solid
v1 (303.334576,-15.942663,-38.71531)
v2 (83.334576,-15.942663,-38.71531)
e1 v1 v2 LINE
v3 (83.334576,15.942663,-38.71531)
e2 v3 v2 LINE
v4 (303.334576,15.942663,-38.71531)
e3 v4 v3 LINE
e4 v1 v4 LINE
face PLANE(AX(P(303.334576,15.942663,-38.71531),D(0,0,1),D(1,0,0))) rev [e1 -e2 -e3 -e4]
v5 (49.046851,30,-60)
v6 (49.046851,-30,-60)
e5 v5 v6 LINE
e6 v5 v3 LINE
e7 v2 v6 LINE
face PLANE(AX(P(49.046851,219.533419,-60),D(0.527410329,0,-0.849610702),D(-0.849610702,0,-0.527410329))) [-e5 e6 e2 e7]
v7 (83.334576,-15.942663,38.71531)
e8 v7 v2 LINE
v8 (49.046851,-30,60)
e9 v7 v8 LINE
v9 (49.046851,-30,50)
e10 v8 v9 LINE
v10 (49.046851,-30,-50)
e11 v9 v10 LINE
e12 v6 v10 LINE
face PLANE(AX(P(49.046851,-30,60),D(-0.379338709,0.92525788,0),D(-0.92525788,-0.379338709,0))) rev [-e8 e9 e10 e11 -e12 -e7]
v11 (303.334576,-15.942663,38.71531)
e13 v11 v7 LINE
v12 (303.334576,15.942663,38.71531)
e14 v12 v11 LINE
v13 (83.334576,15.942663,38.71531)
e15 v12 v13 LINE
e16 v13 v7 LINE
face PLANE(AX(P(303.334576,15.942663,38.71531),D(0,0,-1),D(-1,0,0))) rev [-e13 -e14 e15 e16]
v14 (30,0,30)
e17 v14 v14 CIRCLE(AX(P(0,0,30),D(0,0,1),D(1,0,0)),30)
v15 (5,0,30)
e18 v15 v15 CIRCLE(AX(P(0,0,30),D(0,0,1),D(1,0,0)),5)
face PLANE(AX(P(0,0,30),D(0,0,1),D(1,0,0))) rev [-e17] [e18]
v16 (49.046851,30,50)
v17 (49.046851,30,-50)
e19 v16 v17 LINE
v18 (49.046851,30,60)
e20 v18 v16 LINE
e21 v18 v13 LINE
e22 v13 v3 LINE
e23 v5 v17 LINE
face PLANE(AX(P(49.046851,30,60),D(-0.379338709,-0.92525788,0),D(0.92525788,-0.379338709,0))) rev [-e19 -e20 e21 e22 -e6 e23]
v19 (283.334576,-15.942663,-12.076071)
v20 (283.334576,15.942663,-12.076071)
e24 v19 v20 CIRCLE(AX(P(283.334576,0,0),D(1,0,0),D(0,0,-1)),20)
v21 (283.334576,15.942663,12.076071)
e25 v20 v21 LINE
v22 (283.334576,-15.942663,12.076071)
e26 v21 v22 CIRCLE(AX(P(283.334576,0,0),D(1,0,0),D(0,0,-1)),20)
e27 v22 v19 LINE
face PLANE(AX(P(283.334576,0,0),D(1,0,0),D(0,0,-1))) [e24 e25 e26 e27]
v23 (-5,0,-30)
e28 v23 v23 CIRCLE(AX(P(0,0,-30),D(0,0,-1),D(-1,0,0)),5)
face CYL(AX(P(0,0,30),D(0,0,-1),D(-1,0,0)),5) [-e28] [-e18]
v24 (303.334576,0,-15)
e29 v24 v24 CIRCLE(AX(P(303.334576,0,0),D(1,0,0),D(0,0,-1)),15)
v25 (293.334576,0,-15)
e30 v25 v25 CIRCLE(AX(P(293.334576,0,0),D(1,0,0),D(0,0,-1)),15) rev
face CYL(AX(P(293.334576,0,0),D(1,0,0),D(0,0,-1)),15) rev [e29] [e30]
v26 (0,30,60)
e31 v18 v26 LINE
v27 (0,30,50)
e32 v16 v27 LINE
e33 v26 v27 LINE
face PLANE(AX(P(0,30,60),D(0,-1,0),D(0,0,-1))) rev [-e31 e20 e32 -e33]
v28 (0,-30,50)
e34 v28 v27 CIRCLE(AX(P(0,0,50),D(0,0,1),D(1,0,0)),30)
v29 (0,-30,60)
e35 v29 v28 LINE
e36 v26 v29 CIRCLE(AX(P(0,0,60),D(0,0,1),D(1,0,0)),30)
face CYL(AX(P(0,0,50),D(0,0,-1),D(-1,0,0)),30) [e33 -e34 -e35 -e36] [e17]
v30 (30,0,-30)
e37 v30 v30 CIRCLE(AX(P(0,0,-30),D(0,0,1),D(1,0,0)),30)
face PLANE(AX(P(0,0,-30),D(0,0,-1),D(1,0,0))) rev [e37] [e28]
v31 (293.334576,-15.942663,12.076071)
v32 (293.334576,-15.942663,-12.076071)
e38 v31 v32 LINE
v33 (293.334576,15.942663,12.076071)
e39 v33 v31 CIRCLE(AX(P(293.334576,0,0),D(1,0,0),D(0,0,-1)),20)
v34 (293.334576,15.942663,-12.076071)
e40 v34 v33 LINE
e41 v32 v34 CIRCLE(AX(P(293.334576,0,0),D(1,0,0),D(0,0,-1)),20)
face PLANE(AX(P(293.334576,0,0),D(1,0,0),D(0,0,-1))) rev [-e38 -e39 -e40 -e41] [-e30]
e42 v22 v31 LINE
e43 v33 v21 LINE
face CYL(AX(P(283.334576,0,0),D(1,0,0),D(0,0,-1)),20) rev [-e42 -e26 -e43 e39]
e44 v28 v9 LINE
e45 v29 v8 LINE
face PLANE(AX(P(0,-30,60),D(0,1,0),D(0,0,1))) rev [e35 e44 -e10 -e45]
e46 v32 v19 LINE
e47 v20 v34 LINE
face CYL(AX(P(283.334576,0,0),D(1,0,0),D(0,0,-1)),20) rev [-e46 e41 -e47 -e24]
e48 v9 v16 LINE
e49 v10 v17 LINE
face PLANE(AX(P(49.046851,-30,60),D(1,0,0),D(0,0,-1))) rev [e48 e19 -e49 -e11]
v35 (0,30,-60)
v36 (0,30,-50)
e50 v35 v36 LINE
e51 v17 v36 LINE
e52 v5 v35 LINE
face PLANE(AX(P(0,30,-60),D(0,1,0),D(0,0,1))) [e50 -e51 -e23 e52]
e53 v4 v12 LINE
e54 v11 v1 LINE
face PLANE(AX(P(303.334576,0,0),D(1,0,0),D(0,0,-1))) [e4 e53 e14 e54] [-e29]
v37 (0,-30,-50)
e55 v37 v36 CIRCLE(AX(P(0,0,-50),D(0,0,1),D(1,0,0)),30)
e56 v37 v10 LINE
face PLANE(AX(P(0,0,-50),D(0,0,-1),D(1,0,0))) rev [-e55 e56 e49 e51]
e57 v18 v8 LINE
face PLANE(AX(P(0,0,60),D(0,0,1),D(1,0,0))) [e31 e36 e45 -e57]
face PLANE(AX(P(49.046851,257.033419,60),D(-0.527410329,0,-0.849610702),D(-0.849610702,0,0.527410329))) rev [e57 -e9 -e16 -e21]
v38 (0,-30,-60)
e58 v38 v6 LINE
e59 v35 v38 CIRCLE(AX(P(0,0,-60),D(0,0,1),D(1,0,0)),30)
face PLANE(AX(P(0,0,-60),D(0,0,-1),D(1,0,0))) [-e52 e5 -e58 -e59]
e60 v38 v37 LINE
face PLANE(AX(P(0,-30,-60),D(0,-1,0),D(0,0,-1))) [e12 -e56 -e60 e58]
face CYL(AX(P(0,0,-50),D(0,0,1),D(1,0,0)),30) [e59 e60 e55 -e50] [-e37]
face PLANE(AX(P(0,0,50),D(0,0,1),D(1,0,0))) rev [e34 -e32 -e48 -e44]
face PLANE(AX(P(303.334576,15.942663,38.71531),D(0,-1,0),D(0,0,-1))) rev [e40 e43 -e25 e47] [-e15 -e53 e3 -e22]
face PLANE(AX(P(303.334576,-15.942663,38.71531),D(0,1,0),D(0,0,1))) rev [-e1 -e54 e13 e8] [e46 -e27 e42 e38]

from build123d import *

# Parameters (mm, degrees)
SKETCH1_R                    = 5
BOSS_EXTRUDE1_DEPTH          = 30
SKETCH2_R                    = 30
BOSS_EXTRUDE2_DEPTH          = 20
BOSS_EXTRUDE3_DEPTH          = 10
BOSS_EXTRUDE4_DEPTH          = 60
CUT_EXTRUDE2_DEPTH           = 107.979678493
SCHIZZO1_W                   = 77.430619172
SCHIZZO1_H                   = 31.885326398
ESTRUSIONE_ESTRUSIONE1_DEPTH = 220
SKETCH8_R                    = 15
CUT_EXTRUDE3_DEPTH           = 10
SKETCH9_R                    = 20
CUT_EXTRUDE4_DEPTH           = 10


with BuildPart() as part:
    # Sketch1 → Boss-Extrude1 (new, symmetric)
    with BuildSketch(Plane.XY):
        Circle(SKETCH1_R)
    extrude(amount=BOSS_EXTRUDE1_DEPTH, both=True)

    # Sketch2 → Boss-Extrude2 (add)
    with BuildSketch(Plane.XY.offset(30)):
        Circle(SKETCH2_R)
    boss_extrude2 = extrude(amount=BOSS_EXTRUDE2_DEPTH)

    # Mirror1: Boss-Extrude2 across plane
    add(boss_extrude2.mirror(Plane.XY))

    # Sketch5 → Boss-Extrude3 (add)
    with BuildSketch(Plane.XY.offset(50)):
        with BuildLine():
            Line((49.046850524, 30), (49.046850524, -30))
            Line((49.046850524, -30), (0, -30))
            ThreePointArc((0, -30), (-30, 0), (0, 30))
            Line((0, 30), (49.046850524, 30))
        make_face()
    boss_extrude3 = extrude(amount=BOSS_EXTRUDE3_DEPTH)

    # Mirror3: Boss-Extrude3 across plane
    add(boss_extrude3.mirror(Plane.XY))

    # Sketch6 → Boss-Extrude4 (add, symmetric)
    with BuildSketch(Plane.XY):
        Polygon((49.046850524, -30), (49.046850524, 30), (83.33457632, 15.942663199), (83.33457632, -15.942663199), align=None)
    extrude(amount=BOSS_EXTRUDE4_DEPTH, both=True)

    # Sketch7 → Cut-Extrude2 (cut, symmetric)
    with BuildSketch(Plane(origin=(0, 0, 0), x_dir=(1, 0, 0), z_dir=(0, 1, 0))):
        Polygon((-220.635461706, 227.409893565), (49.046850524, 60), (92.240822161, 33.186605623), (361.923134392, -134.223287942), (696.742921522, 405.141336519), (114.184325424, 766.774518026), align=None)
    cut_extrude2 = extrude(amount=CUT_EXTRUDE2_DEPTH, both=True, mode=Mode.SUBTRACT)

    # Mirror4: Cut-Extrude2 across plane
    add(cut_extrude2.mirror(Plane.XY), mode=Mode.SUBTRACT)

    # Schizzo1 → Estrusione-Estrusione1 (add)
    with BuildSketch(Plane(origin=(83.33457632, 0, 0), x_dir=(0, 0, -1), z_dir=(1, 0, 0))):
        Rectangle(SCHIZZO1_W, SCHIZZO1_H)
    extrude(amount=ESTRUSIONE_ESTRUSIONE1_DEPTH)

    # Sketch8 → Cut-Extrude3 (cut)
    with BuildSketch(Plane(origin=(303.33457632, 0, 0), x_dir=(0, 0, -1), z_dir=(1, 0, 0))):
        Circle(SKETCH8_R)
    extrude(amount=-CUT_EXTRUDE3_DEPTH, mode=Mode.SUBTRACT)

    # Sketch9 → Cut-Extrude4 (cut)
    with BuildSketch(Plane(origin=(293.33457632, 0, 0), x_dir=(0, 0, -1), z_dir=(1, 0, 0))):
        Circle(SKETCH9_R)
    extrude(amount=-CUT_EXTRUDE4_DEPTH, mode=Mode.SUBTRACT)


solid = part.part
